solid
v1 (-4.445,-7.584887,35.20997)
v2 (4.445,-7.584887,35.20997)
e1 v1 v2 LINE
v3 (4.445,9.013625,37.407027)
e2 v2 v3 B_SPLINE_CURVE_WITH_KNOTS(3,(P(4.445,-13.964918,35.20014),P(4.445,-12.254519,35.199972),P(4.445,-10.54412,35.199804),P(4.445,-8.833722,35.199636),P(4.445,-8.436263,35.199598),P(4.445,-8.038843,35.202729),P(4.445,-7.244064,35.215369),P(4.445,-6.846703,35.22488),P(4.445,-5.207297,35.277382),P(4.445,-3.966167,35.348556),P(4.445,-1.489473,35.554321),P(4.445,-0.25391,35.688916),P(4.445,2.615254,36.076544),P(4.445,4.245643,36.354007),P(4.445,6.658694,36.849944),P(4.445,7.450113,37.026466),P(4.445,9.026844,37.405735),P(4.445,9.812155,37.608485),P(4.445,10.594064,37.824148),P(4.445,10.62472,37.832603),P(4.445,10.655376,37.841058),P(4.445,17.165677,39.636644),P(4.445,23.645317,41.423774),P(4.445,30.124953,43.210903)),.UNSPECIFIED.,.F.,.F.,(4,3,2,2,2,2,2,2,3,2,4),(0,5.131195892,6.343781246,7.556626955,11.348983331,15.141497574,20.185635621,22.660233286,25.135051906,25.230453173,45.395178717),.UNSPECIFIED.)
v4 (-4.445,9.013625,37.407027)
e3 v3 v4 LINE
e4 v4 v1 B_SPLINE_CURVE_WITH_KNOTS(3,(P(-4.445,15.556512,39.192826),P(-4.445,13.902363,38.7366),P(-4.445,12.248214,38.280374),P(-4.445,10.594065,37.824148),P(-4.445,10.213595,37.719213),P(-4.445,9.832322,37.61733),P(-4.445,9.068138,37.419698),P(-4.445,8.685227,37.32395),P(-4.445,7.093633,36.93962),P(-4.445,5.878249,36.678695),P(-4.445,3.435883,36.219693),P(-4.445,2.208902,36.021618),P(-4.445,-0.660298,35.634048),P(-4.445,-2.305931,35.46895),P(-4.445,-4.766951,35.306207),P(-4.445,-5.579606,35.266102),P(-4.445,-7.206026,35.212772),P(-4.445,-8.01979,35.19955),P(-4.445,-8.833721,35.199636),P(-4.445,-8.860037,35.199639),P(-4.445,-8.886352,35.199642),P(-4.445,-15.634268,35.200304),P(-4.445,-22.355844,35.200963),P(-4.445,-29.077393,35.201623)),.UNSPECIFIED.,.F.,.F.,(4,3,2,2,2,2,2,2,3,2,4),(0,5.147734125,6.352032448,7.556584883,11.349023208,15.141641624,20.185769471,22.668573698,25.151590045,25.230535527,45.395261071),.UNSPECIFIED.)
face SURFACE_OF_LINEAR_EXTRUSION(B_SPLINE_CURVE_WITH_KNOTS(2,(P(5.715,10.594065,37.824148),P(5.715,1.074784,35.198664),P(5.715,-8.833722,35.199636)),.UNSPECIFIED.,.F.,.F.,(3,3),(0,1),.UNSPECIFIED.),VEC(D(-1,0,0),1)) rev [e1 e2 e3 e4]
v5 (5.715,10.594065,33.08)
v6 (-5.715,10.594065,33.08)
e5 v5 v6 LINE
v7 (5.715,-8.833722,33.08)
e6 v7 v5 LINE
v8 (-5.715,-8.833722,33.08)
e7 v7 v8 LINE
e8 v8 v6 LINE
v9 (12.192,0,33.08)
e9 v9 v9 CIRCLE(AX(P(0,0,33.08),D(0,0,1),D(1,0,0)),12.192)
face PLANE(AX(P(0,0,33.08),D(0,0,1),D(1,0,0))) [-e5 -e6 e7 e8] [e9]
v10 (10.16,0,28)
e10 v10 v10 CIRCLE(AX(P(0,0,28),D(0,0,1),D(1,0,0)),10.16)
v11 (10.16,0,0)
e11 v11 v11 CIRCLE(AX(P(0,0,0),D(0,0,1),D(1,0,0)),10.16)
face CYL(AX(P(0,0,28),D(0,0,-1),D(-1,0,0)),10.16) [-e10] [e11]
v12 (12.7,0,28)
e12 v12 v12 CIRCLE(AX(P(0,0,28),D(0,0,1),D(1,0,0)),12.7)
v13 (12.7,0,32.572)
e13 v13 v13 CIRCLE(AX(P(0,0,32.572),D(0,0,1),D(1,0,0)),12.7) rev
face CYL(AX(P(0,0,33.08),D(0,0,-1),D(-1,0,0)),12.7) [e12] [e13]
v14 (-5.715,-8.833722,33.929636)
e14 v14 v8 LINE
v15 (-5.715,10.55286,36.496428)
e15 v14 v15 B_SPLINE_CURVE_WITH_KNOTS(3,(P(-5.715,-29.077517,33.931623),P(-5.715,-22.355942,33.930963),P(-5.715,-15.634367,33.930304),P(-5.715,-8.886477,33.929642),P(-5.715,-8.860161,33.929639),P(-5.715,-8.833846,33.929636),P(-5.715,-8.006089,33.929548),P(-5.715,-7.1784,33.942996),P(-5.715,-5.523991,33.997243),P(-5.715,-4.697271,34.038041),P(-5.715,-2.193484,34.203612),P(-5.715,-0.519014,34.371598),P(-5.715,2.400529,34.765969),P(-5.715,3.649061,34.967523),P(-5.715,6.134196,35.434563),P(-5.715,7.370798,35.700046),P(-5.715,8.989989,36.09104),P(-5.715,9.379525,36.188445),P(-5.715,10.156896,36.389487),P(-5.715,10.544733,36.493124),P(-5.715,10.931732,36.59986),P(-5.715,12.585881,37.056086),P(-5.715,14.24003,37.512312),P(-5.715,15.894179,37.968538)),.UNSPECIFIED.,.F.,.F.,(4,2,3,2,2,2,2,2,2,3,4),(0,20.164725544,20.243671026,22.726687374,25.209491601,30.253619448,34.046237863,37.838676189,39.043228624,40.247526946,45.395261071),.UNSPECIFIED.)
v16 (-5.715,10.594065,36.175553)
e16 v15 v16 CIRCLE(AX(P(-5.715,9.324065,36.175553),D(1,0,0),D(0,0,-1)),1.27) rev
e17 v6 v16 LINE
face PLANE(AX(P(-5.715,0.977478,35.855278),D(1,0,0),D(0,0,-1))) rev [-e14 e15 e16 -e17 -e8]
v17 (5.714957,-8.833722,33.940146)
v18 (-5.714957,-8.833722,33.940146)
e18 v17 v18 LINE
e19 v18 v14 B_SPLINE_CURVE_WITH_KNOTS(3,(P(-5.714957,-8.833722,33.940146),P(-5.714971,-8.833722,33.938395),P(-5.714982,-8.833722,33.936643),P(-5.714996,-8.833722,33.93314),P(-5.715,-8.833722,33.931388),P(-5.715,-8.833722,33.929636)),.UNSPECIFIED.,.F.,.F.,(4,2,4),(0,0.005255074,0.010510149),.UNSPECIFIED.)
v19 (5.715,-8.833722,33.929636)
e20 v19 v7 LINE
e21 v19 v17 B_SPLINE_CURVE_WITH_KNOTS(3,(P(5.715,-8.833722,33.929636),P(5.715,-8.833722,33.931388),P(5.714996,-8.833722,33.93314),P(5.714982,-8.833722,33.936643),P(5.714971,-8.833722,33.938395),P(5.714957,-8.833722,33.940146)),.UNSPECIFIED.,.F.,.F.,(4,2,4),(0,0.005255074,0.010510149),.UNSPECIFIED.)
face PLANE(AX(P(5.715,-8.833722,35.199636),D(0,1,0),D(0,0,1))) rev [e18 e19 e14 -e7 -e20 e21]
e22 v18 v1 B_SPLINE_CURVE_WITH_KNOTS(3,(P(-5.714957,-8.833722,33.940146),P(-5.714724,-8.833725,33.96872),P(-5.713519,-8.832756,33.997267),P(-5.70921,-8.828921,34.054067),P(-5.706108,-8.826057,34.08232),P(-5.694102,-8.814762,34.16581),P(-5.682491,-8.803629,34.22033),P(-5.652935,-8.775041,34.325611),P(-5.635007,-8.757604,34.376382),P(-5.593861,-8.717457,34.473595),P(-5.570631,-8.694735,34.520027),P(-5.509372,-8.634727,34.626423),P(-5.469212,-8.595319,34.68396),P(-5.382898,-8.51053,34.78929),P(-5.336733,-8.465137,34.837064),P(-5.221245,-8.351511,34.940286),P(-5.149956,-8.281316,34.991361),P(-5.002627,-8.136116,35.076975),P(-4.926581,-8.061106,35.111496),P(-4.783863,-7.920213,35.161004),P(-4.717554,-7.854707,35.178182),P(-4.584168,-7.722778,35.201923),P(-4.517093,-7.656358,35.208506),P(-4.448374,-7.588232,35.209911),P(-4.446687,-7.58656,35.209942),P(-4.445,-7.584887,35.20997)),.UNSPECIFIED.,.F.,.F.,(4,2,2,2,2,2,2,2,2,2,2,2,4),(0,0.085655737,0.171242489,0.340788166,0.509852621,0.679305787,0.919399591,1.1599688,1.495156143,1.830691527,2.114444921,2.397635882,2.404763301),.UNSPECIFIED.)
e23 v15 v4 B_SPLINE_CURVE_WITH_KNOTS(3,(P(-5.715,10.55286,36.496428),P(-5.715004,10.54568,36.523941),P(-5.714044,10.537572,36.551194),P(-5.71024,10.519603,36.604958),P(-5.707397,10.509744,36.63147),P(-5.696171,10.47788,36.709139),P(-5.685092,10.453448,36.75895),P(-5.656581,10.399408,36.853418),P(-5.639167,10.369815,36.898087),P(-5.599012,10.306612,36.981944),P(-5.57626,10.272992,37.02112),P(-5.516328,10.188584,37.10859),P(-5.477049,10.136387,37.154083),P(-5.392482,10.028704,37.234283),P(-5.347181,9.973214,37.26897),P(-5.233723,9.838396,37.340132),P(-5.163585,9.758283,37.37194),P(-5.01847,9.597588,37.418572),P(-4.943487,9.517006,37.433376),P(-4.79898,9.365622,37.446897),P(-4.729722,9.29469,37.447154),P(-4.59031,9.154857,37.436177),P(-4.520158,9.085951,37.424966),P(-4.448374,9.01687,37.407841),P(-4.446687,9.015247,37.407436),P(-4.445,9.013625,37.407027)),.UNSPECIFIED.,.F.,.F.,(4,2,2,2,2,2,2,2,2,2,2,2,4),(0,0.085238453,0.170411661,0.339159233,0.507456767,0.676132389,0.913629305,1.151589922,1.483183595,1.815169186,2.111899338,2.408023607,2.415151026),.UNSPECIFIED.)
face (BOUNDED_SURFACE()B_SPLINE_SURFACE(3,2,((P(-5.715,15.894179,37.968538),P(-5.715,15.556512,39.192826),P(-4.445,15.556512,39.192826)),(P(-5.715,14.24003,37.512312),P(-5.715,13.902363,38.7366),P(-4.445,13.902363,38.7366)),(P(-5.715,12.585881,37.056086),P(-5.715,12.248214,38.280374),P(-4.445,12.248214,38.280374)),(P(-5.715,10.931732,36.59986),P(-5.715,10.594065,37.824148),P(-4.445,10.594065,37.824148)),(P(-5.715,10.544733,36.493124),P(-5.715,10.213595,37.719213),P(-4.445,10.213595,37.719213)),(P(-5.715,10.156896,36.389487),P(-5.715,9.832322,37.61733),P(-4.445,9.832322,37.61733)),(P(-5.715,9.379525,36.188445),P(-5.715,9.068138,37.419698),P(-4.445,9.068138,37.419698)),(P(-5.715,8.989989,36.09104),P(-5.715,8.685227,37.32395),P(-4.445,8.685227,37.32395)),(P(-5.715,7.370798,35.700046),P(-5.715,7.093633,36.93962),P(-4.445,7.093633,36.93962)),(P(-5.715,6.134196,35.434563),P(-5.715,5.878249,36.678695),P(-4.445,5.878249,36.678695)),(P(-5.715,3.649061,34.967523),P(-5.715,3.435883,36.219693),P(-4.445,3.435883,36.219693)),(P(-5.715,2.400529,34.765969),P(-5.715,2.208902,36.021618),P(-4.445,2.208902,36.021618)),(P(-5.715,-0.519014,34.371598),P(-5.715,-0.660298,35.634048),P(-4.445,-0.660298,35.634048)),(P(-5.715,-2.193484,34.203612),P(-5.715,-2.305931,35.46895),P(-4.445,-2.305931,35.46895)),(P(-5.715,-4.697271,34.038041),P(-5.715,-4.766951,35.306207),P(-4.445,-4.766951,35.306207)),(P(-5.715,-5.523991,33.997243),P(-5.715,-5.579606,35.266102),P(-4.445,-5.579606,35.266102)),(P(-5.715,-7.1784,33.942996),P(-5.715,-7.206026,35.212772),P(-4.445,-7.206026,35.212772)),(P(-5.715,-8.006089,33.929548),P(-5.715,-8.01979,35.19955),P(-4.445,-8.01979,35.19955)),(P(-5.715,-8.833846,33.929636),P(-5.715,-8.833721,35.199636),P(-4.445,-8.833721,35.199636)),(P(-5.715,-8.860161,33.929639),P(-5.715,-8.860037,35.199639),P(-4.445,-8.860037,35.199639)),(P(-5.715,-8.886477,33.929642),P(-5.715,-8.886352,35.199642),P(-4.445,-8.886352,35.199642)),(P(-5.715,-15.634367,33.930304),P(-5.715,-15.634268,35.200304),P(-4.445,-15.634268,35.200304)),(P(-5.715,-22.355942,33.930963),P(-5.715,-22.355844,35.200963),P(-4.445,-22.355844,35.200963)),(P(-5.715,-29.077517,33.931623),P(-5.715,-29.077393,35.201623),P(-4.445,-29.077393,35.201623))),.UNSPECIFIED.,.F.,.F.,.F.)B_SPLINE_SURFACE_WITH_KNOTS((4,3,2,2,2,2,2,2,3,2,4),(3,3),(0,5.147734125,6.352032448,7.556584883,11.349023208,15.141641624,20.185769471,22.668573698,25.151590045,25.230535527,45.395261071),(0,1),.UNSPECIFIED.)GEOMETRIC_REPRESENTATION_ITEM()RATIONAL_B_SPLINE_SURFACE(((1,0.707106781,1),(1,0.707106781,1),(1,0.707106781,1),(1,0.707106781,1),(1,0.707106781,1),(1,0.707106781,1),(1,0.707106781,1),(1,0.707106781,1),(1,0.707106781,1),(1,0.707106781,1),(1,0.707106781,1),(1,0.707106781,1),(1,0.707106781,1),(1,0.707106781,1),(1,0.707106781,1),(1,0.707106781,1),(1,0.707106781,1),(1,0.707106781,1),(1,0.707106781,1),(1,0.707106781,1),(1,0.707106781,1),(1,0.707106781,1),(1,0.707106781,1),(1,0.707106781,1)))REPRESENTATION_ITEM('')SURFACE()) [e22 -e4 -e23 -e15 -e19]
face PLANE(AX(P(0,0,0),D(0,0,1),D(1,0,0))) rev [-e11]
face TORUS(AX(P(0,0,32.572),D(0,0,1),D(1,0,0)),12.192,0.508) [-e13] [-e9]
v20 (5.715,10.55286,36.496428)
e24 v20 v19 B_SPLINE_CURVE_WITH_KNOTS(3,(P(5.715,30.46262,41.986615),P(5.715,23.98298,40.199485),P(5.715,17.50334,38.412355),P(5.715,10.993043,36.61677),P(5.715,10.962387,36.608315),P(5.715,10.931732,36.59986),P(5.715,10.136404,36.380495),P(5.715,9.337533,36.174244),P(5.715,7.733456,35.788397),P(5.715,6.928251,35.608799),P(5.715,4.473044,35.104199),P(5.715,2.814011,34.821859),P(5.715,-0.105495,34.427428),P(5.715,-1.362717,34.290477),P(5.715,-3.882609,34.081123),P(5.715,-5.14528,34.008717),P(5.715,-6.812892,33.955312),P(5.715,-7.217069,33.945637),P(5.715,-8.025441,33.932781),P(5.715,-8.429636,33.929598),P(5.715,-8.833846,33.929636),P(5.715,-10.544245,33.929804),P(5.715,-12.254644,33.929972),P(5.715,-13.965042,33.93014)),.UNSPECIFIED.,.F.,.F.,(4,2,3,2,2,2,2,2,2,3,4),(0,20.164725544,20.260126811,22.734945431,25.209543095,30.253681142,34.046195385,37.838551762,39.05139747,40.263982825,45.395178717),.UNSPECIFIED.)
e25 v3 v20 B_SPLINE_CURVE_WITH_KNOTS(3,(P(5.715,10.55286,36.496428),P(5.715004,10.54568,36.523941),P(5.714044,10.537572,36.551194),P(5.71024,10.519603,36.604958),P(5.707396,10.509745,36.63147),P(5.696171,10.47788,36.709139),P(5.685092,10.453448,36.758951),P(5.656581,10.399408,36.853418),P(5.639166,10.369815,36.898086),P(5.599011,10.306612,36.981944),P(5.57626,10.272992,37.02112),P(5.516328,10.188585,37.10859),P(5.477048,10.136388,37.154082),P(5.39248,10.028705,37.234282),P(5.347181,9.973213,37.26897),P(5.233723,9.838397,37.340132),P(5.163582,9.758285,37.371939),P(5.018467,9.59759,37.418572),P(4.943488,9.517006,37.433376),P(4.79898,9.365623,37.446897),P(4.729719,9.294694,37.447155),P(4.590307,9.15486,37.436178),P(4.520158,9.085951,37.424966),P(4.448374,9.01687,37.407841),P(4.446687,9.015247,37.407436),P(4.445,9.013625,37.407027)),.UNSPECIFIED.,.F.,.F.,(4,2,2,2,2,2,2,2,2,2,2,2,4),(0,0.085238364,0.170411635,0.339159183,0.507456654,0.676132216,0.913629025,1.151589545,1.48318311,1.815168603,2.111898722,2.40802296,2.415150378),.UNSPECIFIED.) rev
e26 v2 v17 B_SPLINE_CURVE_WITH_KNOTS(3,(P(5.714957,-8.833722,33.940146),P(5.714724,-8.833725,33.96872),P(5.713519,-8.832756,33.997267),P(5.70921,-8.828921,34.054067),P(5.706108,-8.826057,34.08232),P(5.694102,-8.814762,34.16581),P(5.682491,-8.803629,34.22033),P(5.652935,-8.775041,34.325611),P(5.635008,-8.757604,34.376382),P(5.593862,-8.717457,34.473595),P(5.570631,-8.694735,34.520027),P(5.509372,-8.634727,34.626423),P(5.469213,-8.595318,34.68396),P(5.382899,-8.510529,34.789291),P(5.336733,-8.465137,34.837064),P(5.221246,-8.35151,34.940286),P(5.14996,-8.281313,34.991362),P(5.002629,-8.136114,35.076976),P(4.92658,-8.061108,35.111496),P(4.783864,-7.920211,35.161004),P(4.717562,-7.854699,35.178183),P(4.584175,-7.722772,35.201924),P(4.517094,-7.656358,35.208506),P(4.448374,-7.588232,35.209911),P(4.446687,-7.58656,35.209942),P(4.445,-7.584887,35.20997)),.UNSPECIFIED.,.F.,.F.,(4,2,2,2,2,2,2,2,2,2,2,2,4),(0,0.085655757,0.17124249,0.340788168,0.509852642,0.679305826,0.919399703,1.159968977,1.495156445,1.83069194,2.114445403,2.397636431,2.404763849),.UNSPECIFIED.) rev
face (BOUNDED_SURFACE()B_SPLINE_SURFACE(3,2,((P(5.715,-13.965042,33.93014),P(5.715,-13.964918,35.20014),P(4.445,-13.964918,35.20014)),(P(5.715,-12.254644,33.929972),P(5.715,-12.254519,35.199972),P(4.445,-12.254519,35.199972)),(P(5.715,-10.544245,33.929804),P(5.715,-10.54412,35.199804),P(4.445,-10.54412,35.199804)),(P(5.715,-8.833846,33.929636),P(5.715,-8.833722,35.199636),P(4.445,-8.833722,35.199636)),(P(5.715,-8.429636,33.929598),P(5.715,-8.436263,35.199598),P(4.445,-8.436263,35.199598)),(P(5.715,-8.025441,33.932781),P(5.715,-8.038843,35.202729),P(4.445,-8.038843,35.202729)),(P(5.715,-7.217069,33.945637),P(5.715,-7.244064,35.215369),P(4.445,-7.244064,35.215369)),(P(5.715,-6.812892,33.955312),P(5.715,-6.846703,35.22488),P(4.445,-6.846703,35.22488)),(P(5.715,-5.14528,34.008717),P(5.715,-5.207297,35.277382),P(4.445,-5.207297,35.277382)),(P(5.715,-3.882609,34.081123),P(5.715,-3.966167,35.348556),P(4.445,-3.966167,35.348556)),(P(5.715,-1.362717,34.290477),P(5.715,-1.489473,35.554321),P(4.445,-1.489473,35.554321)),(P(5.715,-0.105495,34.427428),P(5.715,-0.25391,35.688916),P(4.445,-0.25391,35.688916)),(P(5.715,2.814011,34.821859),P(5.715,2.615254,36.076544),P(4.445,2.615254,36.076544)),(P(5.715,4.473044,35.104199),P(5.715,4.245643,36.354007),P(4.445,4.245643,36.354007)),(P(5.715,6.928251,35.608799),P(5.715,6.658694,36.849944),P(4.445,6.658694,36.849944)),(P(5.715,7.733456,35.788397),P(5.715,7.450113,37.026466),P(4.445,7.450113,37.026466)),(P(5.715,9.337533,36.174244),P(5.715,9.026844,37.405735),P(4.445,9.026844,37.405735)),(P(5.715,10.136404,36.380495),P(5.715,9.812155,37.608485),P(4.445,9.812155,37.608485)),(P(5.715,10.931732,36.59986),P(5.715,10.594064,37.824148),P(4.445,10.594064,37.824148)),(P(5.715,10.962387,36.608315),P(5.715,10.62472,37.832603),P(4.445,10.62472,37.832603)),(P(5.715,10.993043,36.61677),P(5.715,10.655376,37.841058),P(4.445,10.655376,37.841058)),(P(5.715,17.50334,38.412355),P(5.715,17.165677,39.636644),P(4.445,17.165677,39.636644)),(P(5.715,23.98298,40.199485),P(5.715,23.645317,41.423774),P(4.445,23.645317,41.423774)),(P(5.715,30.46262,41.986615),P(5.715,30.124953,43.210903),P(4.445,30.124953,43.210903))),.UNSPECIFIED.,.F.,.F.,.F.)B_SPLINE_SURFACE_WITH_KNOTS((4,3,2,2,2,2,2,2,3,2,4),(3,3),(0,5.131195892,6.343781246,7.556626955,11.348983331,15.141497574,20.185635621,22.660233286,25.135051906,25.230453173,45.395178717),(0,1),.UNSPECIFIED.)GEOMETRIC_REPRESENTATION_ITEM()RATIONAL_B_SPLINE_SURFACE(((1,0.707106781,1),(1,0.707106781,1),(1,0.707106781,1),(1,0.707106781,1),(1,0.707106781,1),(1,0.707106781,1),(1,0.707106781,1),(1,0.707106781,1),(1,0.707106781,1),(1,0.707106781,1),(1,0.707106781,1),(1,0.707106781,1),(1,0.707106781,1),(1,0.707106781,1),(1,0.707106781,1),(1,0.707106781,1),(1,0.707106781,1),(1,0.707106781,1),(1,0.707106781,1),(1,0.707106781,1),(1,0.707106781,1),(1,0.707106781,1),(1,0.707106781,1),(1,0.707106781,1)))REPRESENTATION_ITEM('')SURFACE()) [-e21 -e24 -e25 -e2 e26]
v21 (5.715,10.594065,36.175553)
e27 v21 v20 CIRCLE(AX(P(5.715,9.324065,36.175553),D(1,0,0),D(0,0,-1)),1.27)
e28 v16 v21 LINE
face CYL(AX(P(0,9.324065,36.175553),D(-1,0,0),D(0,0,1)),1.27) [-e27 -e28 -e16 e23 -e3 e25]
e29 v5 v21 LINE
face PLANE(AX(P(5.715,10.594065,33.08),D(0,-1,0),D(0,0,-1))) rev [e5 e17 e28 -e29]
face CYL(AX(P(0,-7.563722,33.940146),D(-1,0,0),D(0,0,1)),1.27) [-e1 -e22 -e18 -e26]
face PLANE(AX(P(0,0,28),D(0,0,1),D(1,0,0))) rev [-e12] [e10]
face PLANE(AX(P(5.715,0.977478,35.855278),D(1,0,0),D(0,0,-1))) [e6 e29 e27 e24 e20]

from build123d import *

# Parameters (mm, degrees)
SKETCH1_R           = 10.16
BOSS_EXTRUDE1_DEPTH = 28
SKETCH2_R           = 12.7
BOSS_EXTRUDE2_DEPTH = 5.08
BOSS_EXTRUDE3_DEPTH = 5.715
FILLET1_R           = 1.27
FILLET2_R           = 0.508


with BuildPart() as part:
    # Sketch1 → Boss-Extrude1 (new body)
    with BuildSketch(Plane.XY):
        Circle(SKETCH1_R)
    extrude(amount=BOSS_EXTRUDE1_DEPTH)

    # Sketch2 → Boss-Extrude2 (add)
    with BuildSketch(Plane.XY.offset(28)):
        Circle(SKETCH2_R)
    extrude(amount=BOSS_EXTRUDE2_DEPTH)

    # Sketch3 → Boss-Extrude3 (add, symmetric)
    with BuildSketch(Plane(origin=(0, 0, 0), x_dir=(0, 0, -1), z_dir=(1, 0, 0))):
        with BuildLine():
            Line((-33.08, -8.833721506), (-33.08, 10.59406456))
            Line((-33.08, 10.59406456), (-37.824147833, 10.59406456))
            add(Edge.make_bspline(
                [(-37.824147833, 10.59406456), (-35.198663917, 1.074784021), (-35.199636371, -8.833721506)],
                knots=[0, 0, 0, 1, 1, 1], degree=2))
            Line((-35.199636371, -8.833721506), (-33.08, -8.833721506))
        make_face()
    extrude(amount=BOSS_EXTRUDE3_DEPTH, both=True)

    # Fillet1
    fillet1_edges = [part.edges().sort_by_distance(p)[0] for p in [
        (-2.8575, -8.833721506, 35.199636371),
        (-5.715, 0.969066451, 35.854142221),
        (-2.8575, 10.59406456, 37.824147833),
        (5.715, 0.969066451, 35.854142221),
    ]]
    fillet(fillet1_edges, radius=FILLET1_R)

    # Fillet2
    fillet2_edges = [part.edges().sort_by_distance(p)[0] for p in [
        (-12.7, 0, 33.08),
    ]]
    fillet(fillet2_edges, radius=FILLET2_R)


solid = part.part
